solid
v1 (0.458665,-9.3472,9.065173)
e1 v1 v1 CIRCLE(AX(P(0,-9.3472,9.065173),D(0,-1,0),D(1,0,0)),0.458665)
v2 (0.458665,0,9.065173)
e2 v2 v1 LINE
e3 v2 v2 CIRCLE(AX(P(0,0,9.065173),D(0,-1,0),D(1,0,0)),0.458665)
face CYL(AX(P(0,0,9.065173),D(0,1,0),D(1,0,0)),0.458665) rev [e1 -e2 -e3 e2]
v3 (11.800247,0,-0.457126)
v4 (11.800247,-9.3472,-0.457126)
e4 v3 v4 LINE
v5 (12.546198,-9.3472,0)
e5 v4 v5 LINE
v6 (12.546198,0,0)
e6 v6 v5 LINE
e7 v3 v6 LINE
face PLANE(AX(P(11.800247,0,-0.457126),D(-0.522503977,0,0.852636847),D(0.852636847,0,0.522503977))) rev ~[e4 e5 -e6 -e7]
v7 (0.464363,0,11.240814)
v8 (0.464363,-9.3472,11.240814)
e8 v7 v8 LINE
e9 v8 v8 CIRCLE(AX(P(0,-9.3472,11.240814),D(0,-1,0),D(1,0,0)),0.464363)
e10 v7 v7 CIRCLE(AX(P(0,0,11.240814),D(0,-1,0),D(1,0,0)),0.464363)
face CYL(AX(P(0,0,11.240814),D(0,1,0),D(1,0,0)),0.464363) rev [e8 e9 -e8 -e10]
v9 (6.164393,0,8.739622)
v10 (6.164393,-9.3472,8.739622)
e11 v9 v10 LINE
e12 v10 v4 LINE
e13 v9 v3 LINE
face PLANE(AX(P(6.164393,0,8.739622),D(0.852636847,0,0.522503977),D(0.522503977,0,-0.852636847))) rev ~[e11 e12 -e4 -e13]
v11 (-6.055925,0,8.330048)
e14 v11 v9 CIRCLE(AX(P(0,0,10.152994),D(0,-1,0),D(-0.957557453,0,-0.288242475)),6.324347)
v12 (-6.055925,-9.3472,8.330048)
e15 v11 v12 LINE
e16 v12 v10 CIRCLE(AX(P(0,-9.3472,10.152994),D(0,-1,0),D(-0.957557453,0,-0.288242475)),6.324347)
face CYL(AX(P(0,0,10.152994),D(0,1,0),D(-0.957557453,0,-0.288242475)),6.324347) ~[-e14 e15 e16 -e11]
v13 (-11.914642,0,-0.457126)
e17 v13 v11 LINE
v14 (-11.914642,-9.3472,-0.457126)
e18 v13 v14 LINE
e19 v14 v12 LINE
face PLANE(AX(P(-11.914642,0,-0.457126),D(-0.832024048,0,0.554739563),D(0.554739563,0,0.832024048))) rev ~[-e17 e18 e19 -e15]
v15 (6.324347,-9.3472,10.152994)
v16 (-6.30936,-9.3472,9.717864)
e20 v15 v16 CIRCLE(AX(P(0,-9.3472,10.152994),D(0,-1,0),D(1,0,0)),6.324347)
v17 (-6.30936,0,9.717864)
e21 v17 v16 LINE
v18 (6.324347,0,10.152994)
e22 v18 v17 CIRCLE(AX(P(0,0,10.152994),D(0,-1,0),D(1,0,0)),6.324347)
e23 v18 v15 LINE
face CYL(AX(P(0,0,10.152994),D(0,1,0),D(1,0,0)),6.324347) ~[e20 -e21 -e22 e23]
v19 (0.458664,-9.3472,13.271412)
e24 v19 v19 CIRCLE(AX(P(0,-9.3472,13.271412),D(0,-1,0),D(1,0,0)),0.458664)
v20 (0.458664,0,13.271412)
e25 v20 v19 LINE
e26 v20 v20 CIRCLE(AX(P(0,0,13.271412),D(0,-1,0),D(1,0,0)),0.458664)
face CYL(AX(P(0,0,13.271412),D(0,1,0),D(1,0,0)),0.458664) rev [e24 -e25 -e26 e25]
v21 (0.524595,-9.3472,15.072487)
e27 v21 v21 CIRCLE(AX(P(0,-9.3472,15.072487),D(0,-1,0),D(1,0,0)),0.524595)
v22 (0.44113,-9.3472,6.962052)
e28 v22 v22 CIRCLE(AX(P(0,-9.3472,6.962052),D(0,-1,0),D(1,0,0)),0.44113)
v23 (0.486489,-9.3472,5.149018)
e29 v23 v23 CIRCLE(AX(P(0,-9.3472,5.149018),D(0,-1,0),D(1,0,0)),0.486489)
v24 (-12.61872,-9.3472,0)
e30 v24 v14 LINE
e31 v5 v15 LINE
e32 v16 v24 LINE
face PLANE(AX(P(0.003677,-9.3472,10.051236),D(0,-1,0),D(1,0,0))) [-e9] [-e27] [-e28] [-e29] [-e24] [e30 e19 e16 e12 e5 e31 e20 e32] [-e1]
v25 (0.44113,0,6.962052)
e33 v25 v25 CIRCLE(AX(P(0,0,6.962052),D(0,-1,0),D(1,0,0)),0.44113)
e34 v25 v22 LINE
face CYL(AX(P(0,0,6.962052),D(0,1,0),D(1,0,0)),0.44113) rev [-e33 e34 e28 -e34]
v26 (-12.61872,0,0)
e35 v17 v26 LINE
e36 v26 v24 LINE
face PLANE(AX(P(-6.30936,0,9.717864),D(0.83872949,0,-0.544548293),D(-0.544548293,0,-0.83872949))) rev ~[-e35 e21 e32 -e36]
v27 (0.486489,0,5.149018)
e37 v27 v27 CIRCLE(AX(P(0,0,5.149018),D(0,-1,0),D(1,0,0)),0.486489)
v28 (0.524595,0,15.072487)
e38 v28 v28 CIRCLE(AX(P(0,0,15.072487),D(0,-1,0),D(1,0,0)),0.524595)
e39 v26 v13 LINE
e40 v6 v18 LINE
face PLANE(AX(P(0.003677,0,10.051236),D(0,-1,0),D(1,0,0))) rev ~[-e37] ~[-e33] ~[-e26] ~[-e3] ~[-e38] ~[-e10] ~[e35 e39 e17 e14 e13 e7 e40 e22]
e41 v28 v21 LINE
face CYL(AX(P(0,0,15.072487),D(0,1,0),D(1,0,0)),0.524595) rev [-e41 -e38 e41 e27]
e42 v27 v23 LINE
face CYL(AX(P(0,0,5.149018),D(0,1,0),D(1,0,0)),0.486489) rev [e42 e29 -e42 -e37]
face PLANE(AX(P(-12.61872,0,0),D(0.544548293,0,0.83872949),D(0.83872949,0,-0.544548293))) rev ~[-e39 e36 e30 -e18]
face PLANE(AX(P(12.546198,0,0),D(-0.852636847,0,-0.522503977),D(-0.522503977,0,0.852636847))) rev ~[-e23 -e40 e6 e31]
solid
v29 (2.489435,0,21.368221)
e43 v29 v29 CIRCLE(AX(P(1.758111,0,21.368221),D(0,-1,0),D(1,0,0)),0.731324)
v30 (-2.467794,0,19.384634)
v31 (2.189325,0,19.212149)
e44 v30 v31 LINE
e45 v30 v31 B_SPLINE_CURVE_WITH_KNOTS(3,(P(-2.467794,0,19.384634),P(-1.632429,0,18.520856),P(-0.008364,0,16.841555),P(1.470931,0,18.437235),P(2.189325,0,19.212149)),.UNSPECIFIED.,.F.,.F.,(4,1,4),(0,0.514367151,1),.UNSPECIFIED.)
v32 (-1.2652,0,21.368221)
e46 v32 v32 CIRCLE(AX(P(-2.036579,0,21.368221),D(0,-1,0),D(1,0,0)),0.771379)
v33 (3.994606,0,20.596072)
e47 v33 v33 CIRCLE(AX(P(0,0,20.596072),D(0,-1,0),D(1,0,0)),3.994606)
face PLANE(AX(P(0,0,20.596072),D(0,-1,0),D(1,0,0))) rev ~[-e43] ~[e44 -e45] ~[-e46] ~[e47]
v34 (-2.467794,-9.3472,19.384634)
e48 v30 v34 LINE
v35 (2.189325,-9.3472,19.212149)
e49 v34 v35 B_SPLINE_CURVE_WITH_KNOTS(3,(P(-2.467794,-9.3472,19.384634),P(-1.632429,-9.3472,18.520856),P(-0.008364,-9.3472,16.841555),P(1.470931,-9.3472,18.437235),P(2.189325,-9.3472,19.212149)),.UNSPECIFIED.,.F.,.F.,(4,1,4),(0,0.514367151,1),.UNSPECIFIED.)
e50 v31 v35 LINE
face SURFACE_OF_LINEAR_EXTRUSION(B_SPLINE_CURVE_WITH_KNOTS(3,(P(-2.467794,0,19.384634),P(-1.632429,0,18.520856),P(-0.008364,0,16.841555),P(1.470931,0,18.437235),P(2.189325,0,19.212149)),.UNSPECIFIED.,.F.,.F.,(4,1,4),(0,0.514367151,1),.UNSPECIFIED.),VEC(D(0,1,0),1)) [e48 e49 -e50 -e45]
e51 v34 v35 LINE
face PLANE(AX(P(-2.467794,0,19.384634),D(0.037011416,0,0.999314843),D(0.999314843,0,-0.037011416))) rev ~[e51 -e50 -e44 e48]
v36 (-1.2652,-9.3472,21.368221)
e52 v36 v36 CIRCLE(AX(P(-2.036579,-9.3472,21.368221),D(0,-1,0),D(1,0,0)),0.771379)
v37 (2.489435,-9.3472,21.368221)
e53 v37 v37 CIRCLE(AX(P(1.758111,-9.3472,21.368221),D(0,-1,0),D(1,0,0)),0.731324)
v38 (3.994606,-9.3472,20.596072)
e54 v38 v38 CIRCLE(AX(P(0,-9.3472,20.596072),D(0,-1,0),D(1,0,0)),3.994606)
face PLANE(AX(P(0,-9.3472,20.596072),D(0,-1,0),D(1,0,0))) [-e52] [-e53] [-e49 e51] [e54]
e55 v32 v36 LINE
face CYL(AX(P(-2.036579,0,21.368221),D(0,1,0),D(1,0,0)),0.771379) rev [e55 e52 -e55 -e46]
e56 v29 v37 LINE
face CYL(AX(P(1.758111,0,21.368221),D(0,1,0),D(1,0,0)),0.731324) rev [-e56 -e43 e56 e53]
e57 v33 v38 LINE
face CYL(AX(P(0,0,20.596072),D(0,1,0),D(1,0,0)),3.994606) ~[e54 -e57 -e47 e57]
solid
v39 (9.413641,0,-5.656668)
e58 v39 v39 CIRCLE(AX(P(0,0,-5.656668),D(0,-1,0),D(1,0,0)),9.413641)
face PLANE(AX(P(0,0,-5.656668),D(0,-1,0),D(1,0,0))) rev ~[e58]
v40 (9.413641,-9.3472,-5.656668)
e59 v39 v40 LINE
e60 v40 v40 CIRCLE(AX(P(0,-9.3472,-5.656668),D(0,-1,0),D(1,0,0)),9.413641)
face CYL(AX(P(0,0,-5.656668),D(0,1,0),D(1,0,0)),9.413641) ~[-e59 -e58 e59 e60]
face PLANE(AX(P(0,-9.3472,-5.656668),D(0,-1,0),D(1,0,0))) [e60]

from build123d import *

# Parameters (mm, degrees)
F0_R     = 10.8549073209
F0_R_2   = 2.0961399234
F0_R_3   = 1.9872936117
F1_DEPTH = 25.4
F0_R_4   = 1.3219813679
F0_R_5   = 1.198723712
F0_R_6   = 1.2463724431
F0_R_7   = 1.2618566245
F0_R_8   = 1.2463706761
F0_R_9   = 1.4255288273
F0_R_10  = 25.5805449954
F2_SCALE = 0.46
F3_SCALE = 0.5
F4_SCALE = 1.6


with BuildPart() as f1:
    # F0 (on Front) → F1 (new body)
    with BuildSketch(Plane.XZ):
        with Locations((0, 55.9675879776)):
            Circle(F0_R)
        with BuildLine():
            add(Edge.make_bspline(
                [(-6.7059616558, 52.6756346226), (-4.4359472194, 50.3284138965), (-0.0227290904, 45.7650961948), (3.9970950385, 50.1011808863), (5.949253682, 52.2069260478)],
                knots=[0, 0, 0, 0, 0.5143671512, 1, 1, 1, 1], degree=3))
            Line((-6.7059616558, 52.6756346226), (5.949253682, 52.2069260478))
        make_face(mode=Mode.SUBTRACT)
        with Locations((-5.5341827683, 58.0658167601)):
            Circle(F0_R_2, mode=Mode.SUBTRACT)
        with Locations((4.7774747945, 58.0658167601)):
            Circle(F0_R_3, mode=Mode.SUBTRACT)
    extrude(amount=F1_DEPTH)


with BuildPart() as f1b:
    # F0 (on Front) → F1, piece 2 (new body)
    with BuildSketch(Plane.XZ):
        with BuildLine():
            ThreePointArc((16.751068317, 23.7489718951), (17.0767151789, 25.6570555689), (17.1857251032, 27.5896564126))
            ThreePointArc((17.1857251032, 27.5896564126), (-0.5915587824, 44.765197322), (-17.1450003982, 26.4072399586))
            ThreePointArc((-17.1450003982, 26.4072399586), (-16.9061447629, 24.5023571757), (-16.4563191548, 22.6360004699))
            ThreePointArc((-16.4563191548, 22.6360004699), (0.5756697104, 10.4135756109), (16.751068317, 23.7489718951))
        make_face()
        with Locations((0, 13.9918969944)):
            Circle(F0_R_4, mode=Mode.SUBTRACT)
        with Locations((0, 18.9186204225)):
            Circle(F0_R_5, mode=Mode.SUBTRACT)
        with Locations((0, 24.633621797)):
            Circle(F0_R_6, mode=Mode.SUBTRACT)
        with Locations((0, 30.5456910282)):
            Circle(F0_R_7, mode=Mode.SUBTRACT)
        with Locations((0, 36.063618958)):
            Circle(F0_R_8, mode=Mode.SUBTRACT)
        with Locations((0, 40.9578457475)):
            Circle(F0_R_9, mode=Mode.SUBTRACT)
        with BuildLine():
            ThreePointArc((-16.4563191548, 22.6360004699), (-16.9061447629, 24.5023571757), (-17.1450003982, 26.4072399586))
            Line((-17.1450003982, 26.4072399586), (-34.2900007963, 0))
            Line((-34.2900007963, 0), (-32.3767441537, -1.2421891099))
            Line((-32.3767441537, -1.2421891099), (-16.4563191548, 22.6360004699))
        make_face()
        with BuildLine():
            Line((34.0929292142, 0), (17.1857251032, 27.5896564126))
            ThreePointArc((17.1857251032, 27.5896564126), (17.0767151789, 25.6570555689), (16.751068317, 23.7489718951))
            Line((16.751068317, 23.7489718951), (32.0658897039, -1.2421891099))
            Line((32.0658897039, -1.2421891099), (34.0929292142, 0))
        make_face()
    extrude(amount=F1_DEPTH)


with BuildPart() as f1c:
    # F0 (on Front) → F1, piece 3 (new body)
    with BuildSketch(Plane.XZ):
        with Locations((0, -15.3713794425)):
            Circle(F0_R_10)
    extrude(amount=F1_DEPTH)


with BuildPart() as f1b_1:
    # F2: moved
    add(f1b.part.scale(F2_SCALE))


with BuildPart() as f1c_1:
    # F2: moved
    add(f1c.part.scale(F2_SCALE))


with BuildPart() as f1_1:
    # F2: moved
    add(f1.part.scale(F2_SCALE))


with BuildPart() as f1b_2:
    # F3: moved
    add(f1b_1.part.scale(F3_SCALE))


with BuildPart() as f1c_2:
    # F3: moved
    add(f1c_1.part.scale(F3_SCALE))


with BuildPart() as f1_2:
    # F3: moved
    add(f1_1.part.scale(F3_SCALE))


with BuildPart() as f1b_3:
    # F4: moved
    add(f1b_2.part.scale(F4_SCALE))


with BuildPart() as f1c_3:
    # F4: moved
    add(f1c_2.part.scale(F4_SCALE))


with BuildPart() as f1_3:
    # F4: moved
    add(f1_2.part.scale(F4_SCALE))


solid = Compound([f1b_3.part, f1c_3.part, f1_3.part])
